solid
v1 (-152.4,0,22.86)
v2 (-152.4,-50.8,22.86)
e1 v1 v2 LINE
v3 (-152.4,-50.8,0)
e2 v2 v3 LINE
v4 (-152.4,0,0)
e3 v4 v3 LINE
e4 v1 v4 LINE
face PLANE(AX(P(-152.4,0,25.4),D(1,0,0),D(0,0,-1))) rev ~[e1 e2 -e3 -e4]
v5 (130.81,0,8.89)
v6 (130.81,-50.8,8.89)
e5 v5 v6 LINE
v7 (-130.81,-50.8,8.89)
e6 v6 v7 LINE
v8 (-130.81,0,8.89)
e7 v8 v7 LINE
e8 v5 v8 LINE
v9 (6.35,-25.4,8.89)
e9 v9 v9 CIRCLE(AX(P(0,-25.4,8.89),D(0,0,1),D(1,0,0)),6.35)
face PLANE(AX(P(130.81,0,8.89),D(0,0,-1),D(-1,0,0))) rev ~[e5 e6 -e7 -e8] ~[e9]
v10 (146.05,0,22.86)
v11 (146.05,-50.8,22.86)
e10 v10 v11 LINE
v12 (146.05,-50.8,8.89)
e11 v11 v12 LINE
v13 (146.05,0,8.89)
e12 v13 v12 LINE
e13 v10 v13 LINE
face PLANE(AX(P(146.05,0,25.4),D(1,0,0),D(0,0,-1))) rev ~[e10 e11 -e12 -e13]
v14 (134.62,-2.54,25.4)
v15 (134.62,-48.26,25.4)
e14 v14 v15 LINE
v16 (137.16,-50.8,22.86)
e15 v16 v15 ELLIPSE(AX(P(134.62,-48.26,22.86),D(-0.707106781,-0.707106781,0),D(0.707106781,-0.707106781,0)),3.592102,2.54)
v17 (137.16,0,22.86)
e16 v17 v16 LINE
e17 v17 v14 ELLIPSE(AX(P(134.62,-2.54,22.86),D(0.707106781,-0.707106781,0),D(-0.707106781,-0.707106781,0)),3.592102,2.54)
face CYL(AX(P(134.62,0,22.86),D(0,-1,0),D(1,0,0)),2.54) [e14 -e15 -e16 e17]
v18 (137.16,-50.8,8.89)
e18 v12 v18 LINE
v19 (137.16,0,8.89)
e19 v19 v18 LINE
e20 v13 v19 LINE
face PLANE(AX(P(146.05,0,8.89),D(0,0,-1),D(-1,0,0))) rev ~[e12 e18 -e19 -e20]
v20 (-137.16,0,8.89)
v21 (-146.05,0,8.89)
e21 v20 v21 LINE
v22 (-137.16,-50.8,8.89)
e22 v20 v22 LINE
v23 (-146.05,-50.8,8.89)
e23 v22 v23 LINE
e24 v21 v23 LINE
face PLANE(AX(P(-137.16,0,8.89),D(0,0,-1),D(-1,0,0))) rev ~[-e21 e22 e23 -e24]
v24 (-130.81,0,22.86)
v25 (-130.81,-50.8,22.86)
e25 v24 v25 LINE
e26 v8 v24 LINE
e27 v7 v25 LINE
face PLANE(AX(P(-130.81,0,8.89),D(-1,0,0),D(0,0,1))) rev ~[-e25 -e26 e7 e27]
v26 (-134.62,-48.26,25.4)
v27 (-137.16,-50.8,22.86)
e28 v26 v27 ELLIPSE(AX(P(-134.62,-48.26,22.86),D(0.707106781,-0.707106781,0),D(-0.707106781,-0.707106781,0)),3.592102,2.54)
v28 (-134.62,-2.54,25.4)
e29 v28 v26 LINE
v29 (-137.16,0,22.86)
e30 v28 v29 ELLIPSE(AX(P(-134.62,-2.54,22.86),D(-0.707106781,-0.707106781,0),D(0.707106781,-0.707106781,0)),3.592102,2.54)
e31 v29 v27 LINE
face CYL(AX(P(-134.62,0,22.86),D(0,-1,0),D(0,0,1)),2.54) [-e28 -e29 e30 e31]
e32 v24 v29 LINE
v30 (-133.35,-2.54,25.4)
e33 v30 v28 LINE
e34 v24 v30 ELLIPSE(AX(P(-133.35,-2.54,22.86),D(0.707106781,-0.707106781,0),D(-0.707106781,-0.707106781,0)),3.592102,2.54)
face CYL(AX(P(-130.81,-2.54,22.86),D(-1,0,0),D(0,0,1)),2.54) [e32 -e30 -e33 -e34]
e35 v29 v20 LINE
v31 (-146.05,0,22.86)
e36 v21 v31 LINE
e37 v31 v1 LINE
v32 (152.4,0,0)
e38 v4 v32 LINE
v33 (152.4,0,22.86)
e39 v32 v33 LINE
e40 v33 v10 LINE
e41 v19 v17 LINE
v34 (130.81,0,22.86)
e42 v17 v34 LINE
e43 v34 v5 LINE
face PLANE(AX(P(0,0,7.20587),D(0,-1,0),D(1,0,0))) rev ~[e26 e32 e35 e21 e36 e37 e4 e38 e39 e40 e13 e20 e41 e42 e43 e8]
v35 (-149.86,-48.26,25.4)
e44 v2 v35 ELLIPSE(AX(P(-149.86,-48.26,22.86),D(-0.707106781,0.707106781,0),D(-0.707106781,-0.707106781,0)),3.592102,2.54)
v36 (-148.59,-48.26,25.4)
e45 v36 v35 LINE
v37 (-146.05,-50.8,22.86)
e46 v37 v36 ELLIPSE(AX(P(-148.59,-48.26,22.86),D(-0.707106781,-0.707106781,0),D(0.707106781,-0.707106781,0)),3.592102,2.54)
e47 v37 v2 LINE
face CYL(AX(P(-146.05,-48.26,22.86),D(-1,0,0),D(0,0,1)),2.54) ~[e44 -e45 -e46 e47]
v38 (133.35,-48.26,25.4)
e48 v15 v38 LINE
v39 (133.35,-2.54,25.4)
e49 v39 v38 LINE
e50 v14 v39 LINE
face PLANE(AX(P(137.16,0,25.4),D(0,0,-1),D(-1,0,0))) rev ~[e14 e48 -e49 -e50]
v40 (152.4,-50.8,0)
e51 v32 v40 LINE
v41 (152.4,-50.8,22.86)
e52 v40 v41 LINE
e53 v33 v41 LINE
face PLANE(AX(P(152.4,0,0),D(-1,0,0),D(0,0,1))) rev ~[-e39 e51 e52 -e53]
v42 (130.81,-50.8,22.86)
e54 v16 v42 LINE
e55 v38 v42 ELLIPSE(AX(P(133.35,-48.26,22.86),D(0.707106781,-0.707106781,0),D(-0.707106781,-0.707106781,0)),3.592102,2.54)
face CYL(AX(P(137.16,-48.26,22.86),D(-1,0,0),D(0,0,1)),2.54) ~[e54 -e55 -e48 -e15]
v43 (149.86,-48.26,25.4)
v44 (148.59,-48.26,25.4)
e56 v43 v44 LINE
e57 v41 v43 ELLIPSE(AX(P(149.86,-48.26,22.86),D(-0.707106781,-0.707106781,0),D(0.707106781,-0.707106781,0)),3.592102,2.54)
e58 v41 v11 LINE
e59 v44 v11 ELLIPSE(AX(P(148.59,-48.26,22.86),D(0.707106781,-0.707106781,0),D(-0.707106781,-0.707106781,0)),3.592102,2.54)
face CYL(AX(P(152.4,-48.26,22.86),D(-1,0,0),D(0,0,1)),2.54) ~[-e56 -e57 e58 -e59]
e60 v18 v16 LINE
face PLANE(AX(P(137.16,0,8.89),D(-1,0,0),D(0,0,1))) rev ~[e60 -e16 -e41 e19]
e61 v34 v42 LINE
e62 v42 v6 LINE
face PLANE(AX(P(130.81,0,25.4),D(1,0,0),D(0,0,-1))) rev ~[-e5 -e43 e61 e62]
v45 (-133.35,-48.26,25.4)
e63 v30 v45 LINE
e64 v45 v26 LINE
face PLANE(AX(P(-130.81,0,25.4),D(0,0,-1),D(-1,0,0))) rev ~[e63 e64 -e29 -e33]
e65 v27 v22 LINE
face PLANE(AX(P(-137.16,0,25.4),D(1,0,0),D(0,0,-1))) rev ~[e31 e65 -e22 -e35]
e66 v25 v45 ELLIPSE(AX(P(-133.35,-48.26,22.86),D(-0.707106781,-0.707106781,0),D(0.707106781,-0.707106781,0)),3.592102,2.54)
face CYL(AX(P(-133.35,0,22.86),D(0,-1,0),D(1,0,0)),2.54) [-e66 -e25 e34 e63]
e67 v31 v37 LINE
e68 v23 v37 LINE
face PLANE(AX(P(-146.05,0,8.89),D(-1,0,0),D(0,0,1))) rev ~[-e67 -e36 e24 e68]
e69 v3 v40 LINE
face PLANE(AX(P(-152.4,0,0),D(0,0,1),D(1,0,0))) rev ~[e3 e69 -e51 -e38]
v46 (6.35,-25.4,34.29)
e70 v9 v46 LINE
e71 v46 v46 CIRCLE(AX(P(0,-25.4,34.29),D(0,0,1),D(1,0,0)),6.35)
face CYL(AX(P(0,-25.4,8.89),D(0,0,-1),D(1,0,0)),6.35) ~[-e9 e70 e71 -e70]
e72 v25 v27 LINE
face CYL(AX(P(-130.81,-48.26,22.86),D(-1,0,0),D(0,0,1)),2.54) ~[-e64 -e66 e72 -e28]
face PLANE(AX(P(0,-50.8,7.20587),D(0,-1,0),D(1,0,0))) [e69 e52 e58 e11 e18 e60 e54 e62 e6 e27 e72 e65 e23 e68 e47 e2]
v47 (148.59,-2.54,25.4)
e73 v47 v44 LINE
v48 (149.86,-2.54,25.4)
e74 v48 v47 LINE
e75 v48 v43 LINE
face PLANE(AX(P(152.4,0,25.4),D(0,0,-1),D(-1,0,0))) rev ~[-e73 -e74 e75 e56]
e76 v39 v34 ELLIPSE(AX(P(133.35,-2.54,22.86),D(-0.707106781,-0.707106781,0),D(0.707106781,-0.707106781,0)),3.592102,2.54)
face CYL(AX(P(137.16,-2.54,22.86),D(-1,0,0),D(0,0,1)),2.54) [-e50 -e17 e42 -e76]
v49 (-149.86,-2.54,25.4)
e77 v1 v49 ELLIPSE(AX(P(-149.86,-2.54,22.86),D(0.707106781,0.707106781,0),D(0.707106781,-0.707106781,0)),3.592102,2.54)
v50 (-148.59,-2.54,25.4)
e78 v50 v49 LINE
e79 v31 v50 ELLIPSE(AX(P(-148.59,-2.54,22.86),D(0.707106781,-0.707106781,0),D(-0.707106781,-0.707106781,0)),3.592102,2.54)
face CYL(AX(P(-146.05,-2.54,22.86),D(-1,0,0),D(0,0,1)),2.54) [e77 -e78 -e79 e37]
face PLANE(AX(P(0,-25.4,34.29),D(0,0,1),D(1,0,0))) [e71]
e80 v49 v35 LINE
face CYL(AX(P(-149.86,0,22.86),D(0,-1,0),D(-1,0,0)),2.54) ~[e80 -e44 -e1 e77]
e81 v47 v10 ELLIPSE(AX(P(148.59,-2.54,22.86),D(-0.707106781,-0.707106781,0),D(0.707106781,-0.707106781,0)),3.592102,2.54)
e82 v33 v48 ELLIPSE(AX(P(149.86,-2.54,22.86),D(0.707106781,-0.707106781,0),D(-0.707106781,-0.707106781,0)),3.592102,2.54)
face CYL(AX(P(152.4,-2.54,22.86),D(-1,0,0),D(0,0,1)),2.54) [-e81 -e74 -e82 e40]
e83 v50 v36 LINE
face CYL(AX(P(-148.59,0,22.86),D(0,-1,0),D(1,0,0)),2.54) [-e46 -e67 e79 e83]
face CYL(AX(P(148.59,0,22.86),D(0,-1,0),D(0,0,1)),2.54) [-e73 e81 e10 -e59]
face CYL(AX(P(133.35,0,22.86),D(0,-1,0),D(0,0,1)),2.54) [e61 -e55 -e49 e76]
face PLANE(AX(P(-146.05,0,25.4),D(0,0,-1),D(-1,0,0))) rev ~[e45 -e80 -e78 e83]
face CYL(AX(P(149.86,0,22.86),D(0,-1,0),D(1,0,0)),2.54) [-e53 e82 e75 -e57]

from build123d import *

# Parameters (mm, degrees)
F1_DEPTH = 50.8
F2_R     = 2.54
F3_R     = 6.35
F4_DEPTH = 25.4


with BuildPart() as f1:
    # F0 (on Front) → F1 (new body)
    with BuildSketch(Plane.XZ):
        Polygon((-152.4, 25.4), (-152.4, 0), (0, 0), (152.4, 0), (152.4, 25.4), (146.05, 25.4), (146.05, 8.89), (137.16, 8.89), (137.16, 25.4), (130.81, 25.4), (130.81, 8.89), (0, 8.89), (-130.81, 8.89), (-130.81, 25.4), (-137.16, 25.4), (-137.16, 8.89), (-146.05, 8.89), (-146.05, 25.4), align=None)
    extrude(amount=F1_DEPTH)

    # F2
    f2_edges = [f1.edges().sort_by_distance(p)[0] for p in [
        (-146.05, -25.4, 25.4),
        (-152.4, -25.4, 25.4),
        (-149.225, 0, 25.4),
        (-149.225, -50.8, 25.4),
        (-130.81, -25.4, 25.4),
        (-137.16, -25.4, 25.4),
        (-133.985, 0, 25.4),
        (-133.985, -50.8, 25.4),
        (137.16, -25.4, 25.4),
        (130.81, -25.4, 25.4),
        (133.985, 0, 25.4),
        (133.985, -50.8, 25.4),
        (152.4, -25.4, 25.4),
        (146.05, -25.4, 25.4),
        (149.225, 0, 25.4),
        (149.225, -50.8, 25.4),
    ]]
    fillet(f2_edges, radius=F2_R)

    # F3 (on face) → F4 (join)
    with BuildSketch(Plane.XY.offset(8.89)):
        with Locations((0, -25.4)):
            Circle(F3_R)
    extrude(amount=F4_DEPTH)


solid = f1.part
